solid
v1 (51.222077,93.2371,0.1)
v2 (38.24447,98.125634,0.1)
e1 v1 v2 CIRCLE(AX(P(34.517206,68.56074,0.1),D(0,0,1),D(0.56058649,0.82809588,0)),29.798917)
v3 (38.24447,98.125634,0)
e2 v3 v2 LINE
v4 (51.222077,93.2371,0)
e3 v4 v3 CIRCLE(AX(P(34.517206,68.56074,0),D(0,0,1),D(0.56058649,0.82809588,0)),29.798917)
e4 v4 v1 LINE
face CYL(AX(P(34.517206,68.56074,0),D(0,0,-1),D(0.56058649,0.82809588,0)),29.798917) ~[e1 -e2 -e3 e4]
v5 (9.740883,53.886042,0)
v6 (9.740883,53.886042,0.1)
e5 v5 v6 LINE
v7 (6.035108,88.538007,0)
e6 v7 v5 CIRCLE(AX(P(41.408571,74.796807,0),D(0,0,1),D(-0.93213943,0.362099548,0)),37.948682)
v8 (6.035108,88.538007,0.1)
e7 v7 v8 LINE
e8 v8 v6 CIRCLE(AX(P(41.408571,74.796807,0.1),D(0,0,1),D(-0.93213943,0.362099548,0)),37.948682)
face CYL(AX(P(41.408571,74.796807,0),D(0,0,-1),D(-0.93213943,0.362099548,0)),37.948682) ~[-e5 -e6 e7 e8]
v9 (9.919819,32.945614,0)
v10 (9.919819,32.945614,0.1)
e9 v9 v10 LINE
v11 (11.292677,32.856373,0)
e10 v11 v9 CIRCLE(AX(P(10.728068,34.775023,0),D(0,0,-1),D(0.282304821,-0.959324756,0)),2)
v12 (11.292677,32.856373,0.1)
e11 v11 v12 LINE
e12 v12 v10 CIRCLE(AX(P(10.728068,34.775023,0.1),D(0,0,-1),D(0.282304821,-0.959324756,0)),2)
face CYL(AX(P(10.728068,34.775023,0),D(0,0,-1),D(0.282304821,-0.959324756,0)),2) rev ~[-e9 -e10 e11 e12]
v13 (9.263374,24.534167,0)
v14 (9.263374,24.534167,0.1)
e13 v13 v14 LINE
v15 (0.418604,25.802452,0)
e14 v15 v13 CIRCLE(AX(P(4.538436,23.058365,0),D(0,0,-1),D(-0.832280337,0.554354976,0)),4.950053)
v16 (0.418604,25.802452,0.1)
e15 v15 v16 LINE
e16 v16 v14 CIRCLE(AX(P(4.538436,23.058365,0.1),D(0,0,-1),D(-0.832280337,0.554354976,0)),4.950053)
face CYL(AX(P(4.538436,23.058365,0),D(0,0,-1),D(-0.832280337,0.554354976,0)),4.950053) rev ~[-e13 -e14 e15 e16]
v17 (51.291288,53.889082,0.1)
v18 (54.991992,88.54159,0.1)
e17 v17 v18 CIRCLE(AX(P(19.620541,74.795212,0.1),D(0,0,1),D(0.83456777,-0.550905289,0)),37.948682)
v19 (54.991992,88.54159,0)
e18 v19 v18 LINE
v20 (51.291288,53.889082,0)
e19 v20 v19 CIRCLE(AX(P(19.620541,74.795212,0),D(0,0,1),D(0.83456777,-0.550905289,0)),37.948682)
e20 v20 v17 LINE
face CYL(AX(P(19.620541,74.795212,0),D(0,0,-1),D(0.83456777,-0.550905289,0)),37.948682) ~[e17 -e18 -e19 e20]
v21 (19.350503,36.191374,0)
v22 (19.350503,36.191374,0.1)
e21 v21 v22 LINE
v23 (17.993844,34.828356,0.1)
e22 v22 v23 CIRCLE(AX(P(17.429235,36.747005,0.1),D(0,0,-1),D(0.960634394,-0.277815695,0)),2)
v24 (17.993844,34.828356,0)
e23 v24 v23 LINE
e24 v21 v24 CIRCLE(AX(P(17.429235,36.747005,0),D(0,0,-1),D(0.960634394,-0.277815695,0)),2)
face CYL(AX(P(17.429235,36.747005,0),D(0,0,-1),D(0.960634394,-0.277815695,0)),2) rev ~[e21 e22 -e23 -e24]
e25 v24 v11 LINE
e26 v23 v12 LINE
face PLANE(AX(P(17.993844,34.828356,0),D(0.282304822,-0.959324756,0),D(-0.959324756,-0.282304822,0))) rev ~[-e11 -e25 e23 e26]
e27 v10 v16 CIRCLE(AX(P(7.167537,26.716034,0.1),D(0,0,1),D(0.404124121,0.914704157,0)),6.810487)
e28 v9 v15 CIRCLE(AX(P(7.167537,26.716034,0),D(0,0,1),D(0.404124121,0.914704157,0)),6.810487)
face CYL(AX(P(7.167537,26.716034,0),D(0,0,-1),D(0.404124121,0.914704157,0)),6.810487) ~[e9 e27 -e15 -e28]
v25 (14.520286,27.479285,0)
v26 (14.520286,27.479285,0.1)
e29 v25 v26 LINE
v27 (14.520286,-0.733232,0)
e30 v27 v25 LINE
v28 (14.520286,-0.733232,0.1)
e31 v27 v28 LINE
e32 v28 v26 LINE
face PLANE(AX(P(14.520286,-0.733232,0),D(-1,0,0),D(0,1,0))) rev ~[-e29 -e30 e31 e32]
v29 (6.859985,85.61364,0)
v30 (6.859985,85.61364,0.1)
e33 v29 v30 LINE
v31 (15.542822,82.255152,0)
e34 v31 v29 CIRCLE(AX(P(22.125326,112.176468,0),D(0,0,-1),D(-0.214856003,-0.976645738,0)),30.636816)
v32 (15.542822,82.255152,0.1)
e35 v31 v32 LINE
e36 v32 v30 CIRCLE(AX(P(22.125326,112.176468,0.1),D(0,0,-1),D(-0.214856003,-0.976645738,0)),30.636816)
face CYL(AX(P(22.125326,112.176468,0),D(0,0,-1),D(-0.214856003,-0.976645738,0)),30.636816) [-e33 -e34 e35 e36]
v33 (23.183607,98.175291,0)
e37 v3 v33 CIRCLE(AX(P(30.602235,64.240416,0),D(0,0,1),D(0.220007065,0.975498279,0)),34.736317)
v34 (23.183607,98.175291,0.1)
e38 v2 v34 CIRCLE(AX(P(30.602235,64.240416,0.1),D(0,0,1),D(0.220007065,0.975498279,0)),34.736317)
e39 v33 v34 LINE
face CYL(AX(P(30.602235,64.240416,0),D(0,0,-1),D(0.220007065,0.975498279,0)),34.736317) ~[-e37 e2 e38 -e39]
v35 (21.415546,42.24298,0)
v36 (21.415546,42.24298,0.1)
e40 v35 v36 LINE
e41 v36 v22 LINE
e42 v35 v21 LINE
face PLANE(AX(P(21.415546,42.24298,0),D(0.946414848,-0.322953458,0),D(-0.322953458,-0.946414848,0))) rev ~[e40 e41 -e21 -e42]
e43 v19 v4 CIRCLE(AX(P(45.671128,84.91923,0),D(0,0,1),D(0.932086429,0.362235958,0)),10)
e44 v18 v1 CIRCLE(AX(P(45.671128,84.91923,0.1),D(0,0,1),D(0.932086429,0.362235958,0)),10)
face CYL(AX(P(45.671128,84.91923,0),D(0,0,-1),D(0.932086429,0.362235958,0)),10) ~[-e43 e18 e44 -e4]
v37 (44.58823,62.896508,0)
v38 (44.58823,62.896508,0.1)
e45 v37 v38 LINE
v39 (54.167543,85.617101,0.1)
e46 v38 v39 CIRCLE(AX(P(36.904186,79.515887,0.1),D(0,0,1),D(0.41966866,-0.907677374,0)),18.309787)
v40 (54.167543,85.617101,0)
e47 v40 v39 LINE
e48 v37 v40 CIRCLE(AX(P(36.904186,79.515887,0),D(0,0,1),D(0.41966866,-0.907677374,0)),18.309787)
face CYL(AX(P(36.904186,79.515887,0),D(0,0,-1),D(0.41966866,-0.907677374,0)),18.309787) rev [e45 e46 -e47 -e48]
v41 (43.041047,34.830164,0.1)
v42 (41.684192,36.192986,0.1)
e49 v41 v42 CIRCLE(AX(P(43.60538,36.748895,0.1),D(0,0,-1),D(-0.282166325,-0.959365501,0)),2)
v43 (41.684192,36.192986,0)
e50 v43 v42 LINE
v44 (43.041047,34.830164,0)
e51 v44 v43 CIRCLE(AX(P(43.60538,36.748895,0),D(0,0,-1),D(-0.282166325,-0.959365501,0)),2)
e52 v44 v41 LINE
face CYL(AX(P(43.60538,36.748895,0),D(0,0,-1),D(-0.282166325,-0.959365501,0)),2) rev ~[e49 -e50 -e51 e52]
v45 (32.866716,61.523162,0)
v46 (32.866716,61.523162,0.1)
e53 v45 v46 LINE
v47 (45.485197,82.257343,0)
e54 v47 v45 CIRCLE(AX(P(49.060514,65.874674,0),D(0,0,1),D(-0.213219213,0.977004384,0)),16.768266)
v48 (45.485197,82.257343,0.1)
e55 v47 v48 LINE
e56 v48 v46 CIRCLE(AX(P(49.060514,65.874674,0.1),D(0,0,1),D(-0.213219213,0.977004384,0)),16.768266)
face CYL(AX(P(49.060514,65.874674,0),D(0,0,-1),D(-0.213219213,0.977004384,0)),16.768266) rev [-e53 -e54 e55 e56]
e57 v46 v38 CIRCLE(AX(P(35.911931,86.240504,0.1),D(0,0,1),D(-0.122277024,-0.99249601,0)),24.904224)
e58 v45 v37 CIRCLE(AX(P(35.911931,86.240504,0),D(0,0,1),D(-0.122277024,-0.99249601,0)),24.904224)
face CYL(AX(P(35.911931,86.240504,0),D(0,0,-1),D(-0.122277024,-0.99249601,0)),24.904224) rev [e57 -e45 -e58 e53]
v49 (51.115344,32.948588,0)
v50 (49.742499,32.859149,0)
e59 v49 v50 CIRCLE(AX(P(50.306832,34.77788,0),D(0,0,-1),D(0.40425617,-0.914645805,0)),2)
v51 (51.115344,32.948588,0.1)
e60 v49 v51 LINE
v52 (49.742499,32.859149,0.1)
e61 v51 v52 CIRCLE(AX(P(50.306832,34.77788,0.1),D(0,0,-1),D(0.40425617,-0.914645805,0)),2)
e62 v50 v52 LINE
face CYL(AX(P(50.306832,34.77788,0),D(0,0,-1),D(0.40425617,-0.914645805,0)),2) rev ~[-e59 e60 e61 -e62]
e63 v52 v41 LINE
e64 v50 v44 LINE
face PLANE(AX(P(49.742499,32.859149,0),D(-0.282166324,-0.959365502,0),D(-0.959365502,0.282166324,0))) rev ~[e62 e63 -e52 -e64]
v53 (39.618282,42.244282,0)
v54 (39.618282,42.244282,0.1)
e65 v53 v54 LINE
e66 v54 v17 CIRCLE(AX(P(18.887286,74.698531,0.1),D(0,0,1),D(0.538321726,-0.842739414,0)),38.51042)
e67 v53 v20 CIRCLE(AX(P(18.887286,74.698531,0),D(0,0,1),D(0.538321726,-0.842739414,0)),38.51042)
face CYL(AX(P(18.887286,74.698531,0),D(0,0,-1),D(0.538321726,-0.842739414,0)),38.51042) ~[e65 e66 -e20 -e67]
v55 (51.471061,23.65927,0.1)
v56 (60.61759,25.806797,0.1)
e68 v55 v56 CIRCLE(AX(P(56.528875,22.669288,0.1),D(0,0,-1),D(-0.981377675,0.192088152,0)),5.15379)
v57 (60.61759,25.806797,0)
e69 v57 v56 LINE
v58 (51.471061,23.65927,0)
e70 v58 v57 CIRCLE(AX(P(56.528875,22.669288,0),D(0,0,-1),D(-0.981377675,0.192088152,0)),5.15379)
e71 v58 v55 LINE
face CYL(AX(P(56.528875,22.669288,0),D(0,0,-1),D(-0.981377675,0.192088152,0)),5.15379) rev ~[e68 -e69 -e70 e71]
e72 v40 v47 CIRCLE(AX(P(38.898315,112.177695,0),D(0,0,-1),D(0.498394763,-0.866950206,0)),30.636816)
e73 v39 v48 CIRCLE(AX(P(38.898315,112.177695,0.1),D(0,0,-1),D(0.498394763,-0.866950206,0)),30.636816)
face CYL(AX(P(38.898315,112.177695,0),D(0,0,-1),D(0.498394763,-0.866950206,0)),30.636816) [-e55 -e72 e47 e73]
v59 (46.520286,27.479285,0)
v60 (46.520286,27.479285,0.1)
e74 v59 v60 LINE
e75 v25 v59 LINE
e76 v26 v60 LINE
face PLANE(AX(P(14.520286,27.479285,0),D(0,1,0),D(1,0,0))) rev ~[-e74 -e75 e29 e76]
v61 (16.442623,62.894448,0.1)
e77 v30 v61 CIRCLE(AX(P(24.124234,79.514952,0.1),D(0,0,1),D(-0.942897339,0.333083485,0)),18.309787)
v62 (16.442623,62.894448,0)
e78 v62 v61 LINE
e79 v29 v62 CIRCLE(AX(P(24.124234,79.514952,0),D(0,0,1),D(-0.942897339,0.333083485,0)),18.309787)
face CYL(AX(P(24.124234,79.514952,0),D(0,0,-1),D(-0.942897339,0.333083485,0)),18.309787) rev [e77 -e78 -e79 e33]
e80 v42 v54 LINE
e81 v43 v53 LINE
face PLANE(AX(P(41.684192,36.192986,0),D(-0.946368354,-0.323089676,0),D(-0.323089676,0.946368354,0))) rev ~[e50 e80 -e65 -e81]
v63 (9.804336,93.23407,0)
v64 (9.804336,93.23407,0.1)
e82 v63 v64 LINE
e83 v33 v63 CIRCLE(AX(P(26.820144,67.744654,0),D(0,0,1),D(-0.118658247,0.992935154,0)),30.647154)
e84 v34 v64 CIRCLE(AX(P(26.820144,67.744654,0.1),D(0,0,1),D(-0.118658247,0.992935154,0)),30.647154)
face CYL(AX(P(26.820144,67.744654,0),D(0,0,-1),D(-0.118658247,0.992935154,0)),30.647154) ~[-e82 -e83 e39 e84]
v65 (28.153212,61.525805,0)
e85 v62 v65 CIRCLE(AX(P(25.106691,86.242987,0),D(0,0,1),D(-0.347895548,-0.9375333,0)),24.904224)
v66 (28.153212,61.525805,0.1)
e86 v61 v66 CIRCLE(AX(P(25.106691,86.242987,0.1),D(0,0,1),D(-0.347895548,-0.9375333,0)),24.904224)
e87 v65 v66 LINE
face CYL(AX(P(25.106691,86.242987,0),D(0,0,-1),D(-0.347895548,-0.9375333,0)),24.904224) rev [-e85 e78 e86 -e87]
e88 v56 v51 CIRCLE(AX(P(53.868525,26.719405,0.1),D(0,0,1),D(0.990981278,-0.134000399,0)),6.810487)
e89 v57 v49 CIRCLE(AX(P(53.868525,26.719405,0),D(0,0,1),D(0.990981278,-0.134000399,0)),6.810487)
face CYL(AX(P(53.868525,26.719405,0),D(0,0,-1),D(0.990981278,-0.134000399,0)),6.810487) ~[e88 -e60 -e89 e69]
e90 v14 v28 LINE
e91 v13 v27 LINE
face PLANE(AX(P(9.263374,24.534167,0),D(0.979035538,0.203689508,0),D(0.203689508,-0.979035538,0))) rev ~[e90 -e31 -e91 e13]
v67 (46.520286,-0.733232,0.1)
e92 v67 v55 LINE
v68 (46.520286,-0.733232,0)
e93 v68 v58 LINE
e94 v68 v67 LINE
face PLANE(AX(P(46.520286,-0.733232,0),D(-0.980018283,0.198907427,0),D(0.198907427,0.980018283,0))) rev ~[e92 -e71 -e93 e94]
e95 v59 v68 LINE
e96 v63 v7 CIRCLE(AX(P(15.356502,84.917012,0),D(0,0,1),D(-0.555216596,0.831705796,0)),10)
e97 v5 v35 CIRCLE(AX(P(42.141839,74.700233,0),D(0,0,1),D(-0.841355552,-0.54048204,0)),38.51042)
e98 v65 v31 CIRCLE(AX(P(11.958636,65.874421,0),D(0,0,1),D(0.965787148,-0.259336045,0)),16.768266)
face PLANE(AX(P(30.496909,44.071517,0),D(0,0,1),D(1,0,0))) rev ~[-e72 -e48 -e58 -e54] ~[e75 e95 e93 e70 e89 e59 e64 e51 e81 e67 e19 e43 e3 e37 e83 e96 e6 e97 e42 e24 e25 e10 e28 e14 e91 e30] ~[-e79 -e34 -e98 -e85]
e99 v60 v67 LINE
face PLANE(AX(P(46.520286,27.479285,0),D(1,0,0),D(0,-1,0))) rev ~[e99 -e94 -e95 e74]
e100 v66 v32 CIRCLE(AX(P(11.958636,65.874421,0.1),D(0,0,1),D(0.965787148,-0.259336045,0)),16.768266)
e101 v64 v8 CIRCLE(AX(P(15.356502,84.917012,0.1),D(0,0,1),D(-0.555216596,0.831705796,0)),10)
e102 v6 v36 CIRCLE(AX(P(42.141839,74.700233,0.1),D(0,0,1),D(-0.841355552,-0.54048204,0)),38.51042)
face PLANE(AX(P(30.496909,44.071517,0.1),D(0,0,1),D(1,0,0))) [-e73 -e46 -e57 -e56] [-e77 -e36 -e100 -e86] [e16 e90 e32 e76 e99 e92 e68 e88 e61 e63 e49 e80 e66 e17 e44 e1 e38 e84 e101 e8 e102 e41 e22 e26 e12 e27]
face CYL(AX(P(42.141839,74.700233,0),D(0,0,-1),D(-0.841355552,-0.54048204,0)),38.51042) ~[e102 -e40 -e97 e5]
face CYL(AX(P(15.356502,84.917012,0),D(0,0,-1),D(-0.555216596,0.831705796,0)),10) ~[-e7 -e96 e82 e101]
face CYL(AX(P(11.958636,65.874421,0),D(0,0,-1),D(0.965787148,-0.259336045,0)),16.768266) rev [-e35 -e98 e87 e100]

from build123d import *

# Parameters (mm, degrees)
SALIENTE_EXTRUIR1_DEPTH = 0.1


with BuildPart() as part:
    # Model → Saliente-Extruir1 (new body)
    with BuildSketch(Plane.XY):
        with BuildLine():
            Line((14.520286295, 27.479285465), (30.020286295, 27.479285465))
            Line((30.020286295, 27.479285465), (30.995526762, 27.479285465))
            Line((30.995526762, 27.479285465), (46.520286295, 27.479285465))
            Line((46.520286295, 27.479285465), (46.520286295, -0.733231614))
            Line((46.520286295, -0.733231614), (51.471061016, 23.659269995))
            ThreePointArc((51.471061016, 23.659269995), (55.350844588, 27.68663731), (60.617590106, 25.806796971))
            ThreePointArc((60.617590106, 25.806796971), (57.96035452, 32.1636369), (51.115344163, 32.948587895))
            ThreePointArc((51.115344163, 32.948587895), (50.436854059, 32.782110426), (49.742499175, 32.859148502))
            Line((49.742499175, 32.859148502), (43.04104749, 34.830163703))
            ThreePointArc((43.04104749, 34.830163703), (42.188067529, 35.337786997), (41.684191584, 36.192985954))
            Line((41.684191584, 36.192985954), (39.61828219, 42.24428199))
            ThreePointArc((39.61828219, 42.24428199), (46.085307041, 47.434632953), (51.291287848, 53.889082378))
            ThreePointArc((51.291287848, 53.889082378), (57.354652208, 70.765408557), (54.99199246, 88.541589574))
            ThreePointArc((54.99199246, 88.541589574), (53.468862534, 91.179848081), (51.222076914, 93.237100398))
            ThreePointArc((51.222076914, 93.237100398), (45.021608732, 96.446811627), (38.244470176, 98.125634086))
            ThreePointArc((38.244470176, 98.125634086), (30.716762072, 98.976544856), (23.183606681, 98.175290659))
            ThreePointArc((23.183606681, 98.175290659), (16.202528521, 96.493815521), (9.804335921, 93.234069768))
            ThreePointArc((9.804335921, 93.234069768), (7.557851393, 91.176488668), (6.035107577, 88.538007288))
            ThreePointArc((6.035107577, 88.538007288), (3.675049302, 70.761480699), (9.740883355, 53.886042041))
            ThreePointArc((9.740883355, 53.886042041), (14.947788987, 47.432374192), (21.41554616, 42.242979995))
            Line((21.41554616, 42.242979995), (19.35050339, 36.191373826))
            ThreePointArc((19.35050339, 36.191373826), (18.846750914, 35.336102135), (17.993844246, 34.828355703))
            Line((17.993844246, 34.828355703), (11.292677181, 32.856373051))
            ThreePointArc((11.292677181, 32.856373051), (10.598333426, 32.779234734), (9.919819295, 32.945614249))
            ThreePointArc((9.919819295, 32.945614249), (3.074922331, 32.159675066), (0.418604493, 25.802451585))
            ThreePointArc((0.418604493, 25.802451585), (5.241056245, 27.958298833), (9.263373954, 24.534167044))
            Line((9.263373954, 24.534167044), (14.520286295, -0.733231614))
            Line((14.520286295, -0.733231614), (14.520286295, 27.479285465))
        make_face()
        with BuildLine():
            ThreePointArc((28.153211973, 61.525805428), (26.284358187, 74.589260971), (15.542822199, 82.255152297))
            ThreePointArc((15.542822199, 82.255152297), (11.073088945, 83.602659269), (6.85998466, 85.613639796))
            ThreePointArc((6.85998466, 85.613639796), (7.253715162, 72.399202471), (16.442622696, 62.89444809))
            ThreePointArc((16.442622696, 62.89444809), (22.215756006, 61.507125455), (28.153211973, 61.525805428))
        make_face(mode=Mode.SUBTRACT)
        with BuildLine():
            ThreePointArc((32.866716238, 61.523161648), (38.809998945, 61.505477347), (44.588230247, 62.896507568))
            ThreePointArc((44.588230247, 62.896507568), (53.775746714, 72.402606594), (54.167543352, 85.617101397))
            ThreePointArc((54.167543352, 85.617101397), (49.954733408, 83.605504327), (45.485197402, 82.257343249))
            ThreePointArc((45.485197402, 82.257343249), (34.736372016, 74.592110583), (32.866716238, 61.523161648))
        make_face(mode=Mode.SUBTRACT)
    extrude(amount=SALIENTE_EXTRUIR1_DEPTH)


solid = part.part
